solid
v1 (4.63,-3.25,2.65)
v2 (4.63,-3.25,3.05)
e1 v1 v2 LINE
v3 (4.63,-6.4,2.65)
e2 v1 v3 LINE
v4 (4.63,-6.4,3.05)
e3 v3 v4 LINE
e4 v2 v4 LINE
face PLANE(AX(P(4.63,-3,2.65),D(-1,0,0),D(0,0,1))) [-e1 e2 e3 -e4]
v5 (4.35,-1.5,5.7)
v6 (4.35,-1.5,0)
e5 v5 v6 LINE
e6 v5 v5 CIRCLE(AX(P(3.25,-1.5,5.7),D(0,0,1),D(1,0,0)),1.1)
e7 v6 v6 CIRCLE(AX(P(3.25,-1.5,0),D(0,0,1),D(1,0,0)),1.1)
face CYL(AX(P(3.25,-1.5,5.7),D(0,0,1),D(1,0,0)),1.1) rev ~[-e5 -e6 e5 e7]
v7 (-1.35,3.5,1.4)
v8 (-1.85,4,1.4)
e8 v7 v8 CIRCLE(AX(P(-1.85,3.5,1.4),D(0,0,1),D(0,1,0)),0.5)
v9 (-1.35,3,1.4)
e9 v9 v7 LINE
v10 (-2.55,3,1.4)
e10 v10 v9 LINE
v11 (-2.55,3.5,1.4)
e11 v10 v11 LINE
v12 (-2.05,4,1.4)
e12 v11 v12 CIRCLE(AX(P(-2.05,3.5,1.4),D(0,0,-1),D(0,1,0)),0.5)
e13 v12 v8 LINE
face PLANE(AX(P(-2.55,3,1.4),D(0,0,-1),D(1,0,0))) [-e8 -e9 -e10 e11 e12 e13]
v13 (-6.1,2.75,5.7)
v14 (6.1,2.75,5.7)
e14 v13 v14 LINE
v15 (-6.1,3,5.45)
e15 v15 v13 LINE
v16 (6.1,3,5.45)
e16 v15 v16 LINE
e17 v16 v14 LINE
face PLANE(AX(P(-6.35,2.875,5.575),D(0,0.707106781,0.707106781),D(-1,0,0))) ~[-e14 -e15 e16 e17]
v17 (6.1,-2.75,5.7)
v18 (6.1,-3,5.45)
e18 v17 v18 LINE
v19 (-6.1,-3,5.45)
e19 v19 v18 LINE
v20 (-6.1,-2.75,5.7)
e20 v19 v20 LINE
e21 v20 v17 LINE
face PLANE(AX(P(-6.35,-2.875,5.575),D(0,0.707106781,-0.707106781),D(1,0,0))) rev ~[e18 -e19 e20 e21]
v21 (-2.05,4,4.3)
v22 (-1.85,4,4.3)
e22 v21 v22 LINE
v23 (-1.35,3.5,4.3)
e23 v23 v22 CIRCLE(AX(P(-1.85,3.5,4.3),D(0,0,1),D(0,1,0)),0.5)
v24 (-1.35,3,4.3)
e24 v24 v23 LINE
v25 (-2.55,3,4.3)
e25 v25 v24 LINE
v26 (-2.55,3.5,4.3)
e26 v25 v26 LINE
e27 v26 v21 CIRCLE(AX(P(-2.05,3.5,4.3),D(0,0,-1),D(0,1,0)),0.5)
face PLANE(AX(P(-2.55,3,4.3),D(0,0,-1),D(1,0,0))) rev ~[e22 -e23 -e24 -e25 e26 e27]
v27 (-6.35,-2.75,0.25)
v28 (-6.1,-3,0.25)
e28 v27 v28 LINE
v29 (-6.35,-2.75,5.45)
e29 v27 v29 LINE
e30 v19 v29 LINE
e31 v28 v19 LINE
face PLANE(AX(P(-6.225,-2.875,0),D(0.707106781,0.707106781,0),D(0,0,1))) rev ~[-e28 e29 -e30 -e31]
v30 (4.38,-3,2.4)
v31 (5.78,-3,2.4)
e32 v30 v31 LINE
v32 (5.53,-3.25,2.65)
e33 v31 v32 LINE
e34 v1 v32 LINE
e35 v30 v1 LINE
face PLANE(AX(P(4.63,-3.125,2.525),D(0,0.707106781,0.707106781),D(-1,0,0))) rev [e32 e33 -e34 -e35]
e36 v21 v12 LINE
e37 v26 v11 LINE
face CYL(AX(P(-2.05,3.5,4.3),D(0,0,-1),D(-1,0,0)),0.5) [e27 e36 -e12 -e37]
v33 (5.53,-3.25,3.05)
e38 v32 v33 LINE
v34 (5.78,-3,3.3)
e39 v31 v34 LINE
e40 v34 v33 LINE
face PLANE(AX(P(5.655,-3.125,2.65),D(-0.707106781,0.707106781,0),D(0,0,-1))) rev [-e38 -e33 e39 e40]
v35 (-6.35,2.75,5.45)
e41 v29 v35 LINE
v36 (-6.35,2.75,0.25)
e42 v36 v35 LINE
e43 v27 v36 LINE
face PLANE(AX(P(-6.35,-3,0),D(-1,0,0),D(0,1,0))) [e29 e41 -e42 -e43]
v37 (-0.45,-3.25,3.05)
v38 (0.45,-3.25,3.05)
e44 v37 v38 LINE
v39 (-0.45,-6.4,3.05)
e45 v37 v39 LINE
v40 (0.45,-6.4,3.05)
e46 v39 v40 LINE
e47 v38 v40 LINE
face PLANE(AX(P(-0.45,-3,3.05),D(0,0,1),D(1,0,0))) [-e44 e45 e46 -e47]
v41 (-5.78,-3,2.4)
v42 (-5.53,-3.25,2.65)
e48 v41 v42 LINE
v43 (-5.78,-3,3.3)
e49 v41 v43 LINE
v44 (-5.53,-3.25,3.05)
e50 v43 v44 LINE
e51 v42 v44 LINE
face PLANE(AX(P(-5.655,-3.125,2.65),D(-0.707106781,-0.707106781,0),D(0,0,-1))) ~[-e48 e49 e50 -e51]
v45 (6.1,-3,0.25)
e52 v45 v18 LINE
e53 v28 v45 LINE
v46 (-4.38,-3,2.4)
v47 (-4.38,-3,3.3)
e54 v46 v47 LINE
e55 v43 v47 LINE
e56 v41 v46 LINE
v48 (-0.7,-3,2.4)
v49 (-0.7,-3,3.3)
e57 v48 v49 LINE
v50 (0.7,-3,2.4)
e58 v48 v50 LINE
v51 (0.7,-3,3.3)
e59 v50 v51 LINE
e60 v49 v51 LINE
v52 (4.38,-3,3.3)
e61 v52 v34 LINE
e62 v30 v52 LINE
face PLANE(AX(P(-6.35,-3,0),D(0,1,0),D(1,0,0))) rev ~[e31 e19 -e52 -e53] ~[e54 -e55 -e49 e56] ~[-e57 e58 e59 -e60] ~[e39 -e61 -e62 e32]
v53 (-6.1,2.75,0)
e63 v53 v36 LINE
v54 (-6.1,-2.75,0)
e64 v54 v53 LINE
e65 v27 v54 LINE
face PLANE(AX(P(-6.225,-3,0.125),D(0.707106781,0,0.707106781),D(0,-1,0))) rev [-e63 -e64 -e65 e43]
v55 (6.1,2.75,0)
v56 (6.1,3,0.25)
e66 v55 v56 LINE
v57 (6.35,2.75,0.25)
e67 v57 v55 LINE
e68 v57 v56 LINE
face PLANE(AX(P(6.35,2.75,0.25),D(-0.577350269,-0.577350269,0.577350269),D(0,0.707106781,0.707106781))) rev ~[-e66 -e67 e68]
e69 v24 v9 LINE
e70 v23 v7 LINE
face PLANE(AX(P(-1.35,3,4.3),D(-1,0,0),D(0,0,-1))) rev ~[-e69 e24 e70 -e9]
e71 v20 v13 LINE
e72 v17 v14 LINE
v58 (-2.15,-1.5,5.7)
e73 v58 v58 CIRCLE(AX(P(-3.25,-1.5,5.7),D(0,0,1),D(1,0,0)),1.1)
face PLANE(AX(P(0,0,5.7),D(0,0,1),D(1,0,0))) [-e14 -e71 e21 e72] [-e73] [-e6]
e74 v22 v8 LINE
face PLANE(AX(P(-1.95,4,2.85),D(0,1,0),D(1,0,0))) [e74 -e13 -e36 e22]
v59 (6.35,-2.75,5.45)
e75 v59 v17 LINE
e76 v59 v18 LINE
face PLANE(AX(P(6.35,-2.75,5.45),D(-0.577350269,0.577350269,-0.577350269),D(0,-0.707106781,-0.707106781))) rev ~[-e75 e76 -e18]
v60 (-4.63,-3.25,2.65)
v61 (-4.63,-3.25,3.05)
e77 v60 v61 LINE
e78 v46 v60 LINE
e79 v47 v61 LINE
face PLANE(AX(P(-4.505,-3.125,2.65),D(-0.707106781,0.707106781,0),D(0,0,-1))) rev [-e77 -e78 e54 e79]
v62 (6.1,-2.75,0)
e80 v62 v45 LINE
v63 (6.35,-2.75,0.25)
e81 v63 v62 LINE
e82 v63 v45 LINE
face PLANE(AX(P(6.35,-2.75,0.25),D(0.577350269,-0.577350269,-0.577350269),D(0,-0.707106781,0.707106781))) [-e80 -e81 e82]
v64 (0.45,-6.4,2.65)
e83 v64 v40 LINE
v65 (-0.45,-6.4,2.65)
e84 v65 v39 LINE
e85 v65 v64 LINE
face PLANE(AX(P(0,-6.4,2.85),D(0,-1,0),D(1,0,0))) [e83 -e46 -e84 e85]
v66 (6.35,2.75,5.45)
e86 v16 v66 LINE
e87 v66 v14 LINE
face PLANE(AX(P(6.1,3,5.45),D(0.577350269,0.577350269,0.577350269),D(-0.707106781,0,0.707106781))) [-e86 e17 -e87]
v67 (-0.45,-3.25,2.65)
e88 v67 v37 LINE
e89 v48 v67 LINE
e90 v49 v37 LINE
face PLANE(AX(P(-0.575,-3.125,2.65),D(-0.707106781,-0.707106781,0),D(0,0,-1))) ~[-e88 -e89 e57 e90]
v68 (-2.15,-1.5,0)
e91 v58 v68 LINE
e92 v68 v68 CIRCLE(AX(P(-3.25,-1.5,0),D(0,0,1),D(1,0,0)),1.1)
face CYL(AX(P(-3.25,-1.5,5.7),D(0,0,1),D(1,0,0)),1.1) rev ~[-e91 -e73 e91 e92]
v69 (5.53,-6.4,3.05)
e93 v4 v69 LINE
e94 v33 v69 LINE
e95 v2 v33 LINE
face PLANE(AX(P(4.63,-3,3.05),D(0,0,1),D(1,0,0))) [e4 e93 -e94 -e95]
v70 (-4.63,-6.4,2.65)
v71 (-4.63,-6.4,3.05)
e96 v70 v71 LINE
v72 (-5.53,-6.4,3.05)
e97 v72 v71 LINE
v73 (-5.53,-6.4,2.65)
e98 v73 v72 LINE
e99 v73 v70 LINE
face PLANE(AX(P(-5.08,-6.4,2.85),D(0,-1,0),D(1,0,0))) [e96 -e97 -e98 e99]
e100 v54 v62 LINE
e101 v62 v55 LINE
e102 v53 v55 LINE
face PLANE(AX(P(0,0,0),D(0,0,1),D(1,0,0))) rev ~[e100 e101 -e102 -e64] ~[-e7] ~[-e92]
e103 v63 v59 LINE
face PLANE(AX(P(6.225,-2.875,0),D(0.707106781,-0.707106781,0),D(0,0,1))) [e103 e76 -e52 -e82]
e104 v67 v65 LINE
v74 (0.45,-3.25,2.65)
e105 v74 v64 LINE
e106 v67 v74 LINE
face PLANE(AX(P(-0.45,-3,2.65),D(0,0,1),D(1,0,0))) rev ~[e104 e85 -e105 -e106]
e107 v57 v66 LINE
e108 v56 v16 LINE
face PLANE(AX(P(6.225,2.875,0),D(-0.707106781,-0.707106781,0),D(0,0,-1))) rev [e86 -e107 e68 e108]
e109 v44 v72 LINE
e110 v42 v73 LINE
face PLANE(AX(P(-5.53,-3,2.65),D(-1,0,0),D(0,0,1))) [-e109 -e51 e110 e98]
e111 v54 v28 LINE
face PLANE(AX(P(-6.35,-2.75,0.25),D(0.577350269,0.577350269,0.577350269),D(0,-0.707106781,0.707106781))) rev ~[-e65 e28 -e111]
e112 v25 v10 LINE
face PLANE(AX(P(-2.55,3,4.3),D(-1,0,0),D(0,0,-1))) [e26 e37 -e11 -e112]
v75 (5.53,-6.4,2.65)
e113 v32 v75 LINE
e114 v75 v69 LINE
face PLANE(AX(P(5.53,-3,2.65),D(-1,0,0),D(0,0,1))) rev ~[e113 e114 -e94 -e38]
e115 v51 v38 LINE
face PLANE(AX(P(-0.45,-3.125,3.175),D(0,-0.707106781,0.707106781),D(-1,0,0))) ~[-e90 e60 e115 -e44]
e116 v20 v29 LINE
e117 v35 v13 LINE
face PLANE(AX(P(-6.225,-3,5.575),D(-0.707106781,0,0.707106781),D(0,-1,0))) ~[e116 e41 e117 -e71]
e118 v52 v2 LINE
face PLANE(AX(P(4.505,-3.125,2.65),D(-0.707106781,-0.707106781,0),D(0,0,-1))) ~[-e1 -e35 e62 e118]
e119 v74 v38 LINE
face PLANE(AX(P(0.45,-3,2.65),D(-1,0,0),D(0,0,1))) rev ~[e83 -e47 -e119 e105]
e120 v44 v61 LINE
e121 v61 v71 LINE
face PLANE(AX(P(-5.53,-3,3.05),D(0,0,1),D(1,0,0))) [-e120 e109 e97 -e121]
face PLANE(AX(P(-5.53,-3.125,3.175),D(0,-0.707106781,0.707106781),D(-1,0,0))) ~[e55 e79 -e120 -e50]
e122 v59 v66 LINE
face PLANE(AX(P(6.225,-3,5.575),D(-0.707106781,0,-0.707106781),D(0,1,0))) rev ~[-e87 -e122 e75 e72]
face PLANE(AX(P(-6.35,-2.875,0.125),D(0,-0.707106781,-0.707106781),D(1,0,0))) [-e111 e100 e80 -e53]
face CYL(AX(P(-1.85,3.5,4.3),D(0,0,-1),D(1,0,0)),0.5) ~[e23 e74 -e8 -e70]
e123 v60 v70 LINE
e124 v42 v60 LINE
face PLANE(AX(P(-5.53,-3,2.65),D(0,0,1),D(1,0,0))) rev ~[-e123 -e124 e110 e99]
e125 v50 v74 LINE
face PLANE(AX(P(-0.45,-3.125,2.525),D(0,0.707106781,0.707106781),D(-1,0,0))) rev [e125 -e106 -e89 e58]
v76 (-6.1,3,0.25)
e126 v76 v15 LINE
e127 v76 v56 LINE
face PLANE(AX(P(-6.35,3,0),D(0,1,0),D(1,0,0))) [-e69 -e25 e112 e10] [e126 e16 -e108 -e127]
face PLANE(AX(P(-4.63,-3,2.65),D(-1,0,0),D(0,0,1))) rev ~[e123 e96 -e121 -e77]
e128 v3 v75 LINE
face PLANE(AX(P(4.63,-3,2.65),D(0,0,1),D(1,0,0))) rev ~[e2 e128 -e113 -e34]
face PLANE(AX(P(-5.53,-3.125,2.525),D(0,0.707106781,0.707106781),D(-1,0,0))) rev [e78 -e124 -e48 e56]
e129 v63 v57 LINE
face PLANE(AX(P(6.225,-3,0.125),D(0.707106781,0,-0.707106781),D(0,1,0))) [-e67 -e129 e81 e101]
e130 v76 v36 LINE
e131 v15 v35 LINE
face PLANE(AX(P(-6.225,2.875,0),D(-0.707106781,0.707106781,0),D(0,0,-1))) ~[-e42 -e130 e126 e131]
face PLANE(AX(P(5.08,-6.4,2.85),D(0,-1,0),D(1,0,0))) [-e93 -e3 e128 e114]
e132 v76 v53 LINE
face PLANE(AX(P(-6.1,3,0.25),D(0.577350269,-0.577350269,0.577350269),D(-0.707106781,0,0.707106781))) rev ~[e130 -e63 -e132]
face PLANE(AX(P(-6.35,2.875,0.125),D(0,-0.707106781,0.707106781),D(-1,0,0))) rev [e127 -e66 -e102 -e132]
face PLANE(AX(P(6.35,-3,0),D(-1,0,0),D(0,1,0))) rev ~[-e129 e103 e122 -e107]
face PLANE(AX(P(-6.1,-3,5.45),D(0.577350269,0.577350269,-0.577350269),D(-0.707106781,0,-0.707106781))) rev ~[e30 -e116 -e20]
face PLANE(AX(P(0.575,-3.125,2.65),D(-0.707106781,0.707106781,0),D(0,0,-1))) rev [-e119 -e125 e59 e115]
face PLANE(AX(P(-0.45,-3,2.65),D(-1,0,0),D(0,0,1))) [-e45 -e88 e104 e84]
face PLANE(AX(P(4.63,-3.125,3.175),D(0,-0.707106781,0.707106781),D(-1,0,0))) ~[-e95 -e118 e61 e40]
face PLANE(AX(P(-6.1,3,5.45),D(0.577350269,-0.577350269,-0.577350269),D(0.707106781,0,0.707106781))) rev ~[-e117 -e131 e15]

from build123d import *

# Parameters (mm, degrees)
SCHIZZO1_W                   = 12.7
SCHIZZO1_H                   = 6
ESTRUSIONE_ESTRUSIONE1_DEPTH = 5.7
SCHIZZO2_W                   = 1.2
SCHIZZO2_H                   = 2.9
ESTRUSIONE_ESTRUSIONE2_DEPTH = 1
SCHIZZO3_R                   = 1.1
TAGLIO_ESTRUSIONE1_DEPTH     = 10.424038412
RACCORDO1_R                  = 0.5
SCHIZZO4_W                   = 0.9
SCHIZZO4_H                   = 0.4
ESTRUSIONE_ESTRUSIONE3_DEPTH = 3.4
RIPETIZIONE_A_L1_COUNT       = 2
RIPETIZIONE_A_L1_PITCH       = 5.08
RIPETIZIONE_A_L1_COL_COUNT   = 2
RIPETIZIONE_A_L1_COL_PITCH   = 5.08
SMUSSO1_SIZE                 = 0.25


with BuildPart() as part:
    # Schizzo1 → Estrusione-Estrusione1 (new body)
    with BuildSketch(Plane.XY):
        Rectangle(SCHIZZO1_W, SCHIZZO1_H)
    extrude(amount=ESTRUSIONE_ESTRUSIONE1_DEPTH)

    # Schizzo2 → Estrusione-Estrusione2 (add)
    with BuildSketch(Plane(origin=(0, 3, 0), x_dir=(1, 0, 0), z_dir=(0, 1, 0))):
        with Locations((-1.95, -2.85)):
            Rectangle(SCHIZZO2_W, SCHIZZO2_H)
    extrude(amount=ESTRUSIONE_ESTRUSIONE2_DEPTH)

    # Schizzo3 → Taglio-Estrusione1 (cut, through all)
    with BuildSketch(Plane.XY.offset(5.7)):
        with Locations((-3.25, -1.5)):
            Circle(SCHIZZO3_R)
        with Locations((3.25, -1.5)):
            Circle(SCHIZZO3_R)
    extrude(amount=-TAGLIO_ESTRUSIONE1_DEPTH, mode=Mode.SUBTRACT)

    # Raccordo1
    raccordo1_edges = [part.edges().sort_by_distance(p)[0] for p in [
        (-1.35, 4, 2.85),
        (-2.55, 4, 2.85),
    ]]
    fillet(raccordo1_edges, radius=RACCORDO1_R)

    # Schizzo4 → Estrusione-Estrusione3 (add)
    with BuildSketch(Plane.XZ.offset(3)):
        with Locations((0, 2.85)):
            Rectangle(SCHIZZO4_W, SCHIZZO4_H)
    estrusione_estrusione3 = extrude(amount=ESTRUSIONE_ESTRUSIONE3_DEPTH)

    # Ripetizione a L1: Estrusione-Estrusione3 ×2
    with Locations(*[(i * RIPETIZIONE_A_L1_PITCH, 0, 0) for i in range(1, RIPETIZIONE_A_L1_COUNT)]):
        add(estrusione_estrusione3)

    # Ripetizione a L1 col: Estrusione-Estrusione3 ×2
    with Locations(*[(-i * RIPETIZIONE_A_L1_COL_PITCH, 0, 0) for i in range(1, RIPETIZIONE_A_L1_COL_COUNT)]):
        add(estrusione_estrusione3)

    # Smusso1
    smusso1_edges = [part.edges().sort_by_distance(p)[0] for p in [
        (-6.35, 0, 5.7),
        (0, -3, 5.7),
        (6.35, 0, 5.7),
        (0, -3, 0),
        (0.45, -3, 2.85),
        (0, -3, 3.05),
        (-0.45, -3, 2.85),
        (0, -3, 2.65),
        (-6.35, 0, 0),
        (0, 3, 0),
        (6.35, 0, 0),
        (5.53, -3, 2.85),
        (5.08, -3, 3.05),
        (4.63, -3, 2.85),
        (5.08, -3, 2.65),
        (-4.63, -3, 2.85),
        (-5.08, -3, 3.05),
        (-5.53, -3, 2.85),
        (-5.08, -3, 2.65),
        (6.35, -3, 2.85),
        (-6.35, -3, 2.85),
        (-6.35, 3, 2.85),
        (6.35, 3, 2.85),
        (0, 3, 5.7),
    ]]
    chamfer(smusso1_edges, length=SMUSSO1_SIZE)


solid = part.part
